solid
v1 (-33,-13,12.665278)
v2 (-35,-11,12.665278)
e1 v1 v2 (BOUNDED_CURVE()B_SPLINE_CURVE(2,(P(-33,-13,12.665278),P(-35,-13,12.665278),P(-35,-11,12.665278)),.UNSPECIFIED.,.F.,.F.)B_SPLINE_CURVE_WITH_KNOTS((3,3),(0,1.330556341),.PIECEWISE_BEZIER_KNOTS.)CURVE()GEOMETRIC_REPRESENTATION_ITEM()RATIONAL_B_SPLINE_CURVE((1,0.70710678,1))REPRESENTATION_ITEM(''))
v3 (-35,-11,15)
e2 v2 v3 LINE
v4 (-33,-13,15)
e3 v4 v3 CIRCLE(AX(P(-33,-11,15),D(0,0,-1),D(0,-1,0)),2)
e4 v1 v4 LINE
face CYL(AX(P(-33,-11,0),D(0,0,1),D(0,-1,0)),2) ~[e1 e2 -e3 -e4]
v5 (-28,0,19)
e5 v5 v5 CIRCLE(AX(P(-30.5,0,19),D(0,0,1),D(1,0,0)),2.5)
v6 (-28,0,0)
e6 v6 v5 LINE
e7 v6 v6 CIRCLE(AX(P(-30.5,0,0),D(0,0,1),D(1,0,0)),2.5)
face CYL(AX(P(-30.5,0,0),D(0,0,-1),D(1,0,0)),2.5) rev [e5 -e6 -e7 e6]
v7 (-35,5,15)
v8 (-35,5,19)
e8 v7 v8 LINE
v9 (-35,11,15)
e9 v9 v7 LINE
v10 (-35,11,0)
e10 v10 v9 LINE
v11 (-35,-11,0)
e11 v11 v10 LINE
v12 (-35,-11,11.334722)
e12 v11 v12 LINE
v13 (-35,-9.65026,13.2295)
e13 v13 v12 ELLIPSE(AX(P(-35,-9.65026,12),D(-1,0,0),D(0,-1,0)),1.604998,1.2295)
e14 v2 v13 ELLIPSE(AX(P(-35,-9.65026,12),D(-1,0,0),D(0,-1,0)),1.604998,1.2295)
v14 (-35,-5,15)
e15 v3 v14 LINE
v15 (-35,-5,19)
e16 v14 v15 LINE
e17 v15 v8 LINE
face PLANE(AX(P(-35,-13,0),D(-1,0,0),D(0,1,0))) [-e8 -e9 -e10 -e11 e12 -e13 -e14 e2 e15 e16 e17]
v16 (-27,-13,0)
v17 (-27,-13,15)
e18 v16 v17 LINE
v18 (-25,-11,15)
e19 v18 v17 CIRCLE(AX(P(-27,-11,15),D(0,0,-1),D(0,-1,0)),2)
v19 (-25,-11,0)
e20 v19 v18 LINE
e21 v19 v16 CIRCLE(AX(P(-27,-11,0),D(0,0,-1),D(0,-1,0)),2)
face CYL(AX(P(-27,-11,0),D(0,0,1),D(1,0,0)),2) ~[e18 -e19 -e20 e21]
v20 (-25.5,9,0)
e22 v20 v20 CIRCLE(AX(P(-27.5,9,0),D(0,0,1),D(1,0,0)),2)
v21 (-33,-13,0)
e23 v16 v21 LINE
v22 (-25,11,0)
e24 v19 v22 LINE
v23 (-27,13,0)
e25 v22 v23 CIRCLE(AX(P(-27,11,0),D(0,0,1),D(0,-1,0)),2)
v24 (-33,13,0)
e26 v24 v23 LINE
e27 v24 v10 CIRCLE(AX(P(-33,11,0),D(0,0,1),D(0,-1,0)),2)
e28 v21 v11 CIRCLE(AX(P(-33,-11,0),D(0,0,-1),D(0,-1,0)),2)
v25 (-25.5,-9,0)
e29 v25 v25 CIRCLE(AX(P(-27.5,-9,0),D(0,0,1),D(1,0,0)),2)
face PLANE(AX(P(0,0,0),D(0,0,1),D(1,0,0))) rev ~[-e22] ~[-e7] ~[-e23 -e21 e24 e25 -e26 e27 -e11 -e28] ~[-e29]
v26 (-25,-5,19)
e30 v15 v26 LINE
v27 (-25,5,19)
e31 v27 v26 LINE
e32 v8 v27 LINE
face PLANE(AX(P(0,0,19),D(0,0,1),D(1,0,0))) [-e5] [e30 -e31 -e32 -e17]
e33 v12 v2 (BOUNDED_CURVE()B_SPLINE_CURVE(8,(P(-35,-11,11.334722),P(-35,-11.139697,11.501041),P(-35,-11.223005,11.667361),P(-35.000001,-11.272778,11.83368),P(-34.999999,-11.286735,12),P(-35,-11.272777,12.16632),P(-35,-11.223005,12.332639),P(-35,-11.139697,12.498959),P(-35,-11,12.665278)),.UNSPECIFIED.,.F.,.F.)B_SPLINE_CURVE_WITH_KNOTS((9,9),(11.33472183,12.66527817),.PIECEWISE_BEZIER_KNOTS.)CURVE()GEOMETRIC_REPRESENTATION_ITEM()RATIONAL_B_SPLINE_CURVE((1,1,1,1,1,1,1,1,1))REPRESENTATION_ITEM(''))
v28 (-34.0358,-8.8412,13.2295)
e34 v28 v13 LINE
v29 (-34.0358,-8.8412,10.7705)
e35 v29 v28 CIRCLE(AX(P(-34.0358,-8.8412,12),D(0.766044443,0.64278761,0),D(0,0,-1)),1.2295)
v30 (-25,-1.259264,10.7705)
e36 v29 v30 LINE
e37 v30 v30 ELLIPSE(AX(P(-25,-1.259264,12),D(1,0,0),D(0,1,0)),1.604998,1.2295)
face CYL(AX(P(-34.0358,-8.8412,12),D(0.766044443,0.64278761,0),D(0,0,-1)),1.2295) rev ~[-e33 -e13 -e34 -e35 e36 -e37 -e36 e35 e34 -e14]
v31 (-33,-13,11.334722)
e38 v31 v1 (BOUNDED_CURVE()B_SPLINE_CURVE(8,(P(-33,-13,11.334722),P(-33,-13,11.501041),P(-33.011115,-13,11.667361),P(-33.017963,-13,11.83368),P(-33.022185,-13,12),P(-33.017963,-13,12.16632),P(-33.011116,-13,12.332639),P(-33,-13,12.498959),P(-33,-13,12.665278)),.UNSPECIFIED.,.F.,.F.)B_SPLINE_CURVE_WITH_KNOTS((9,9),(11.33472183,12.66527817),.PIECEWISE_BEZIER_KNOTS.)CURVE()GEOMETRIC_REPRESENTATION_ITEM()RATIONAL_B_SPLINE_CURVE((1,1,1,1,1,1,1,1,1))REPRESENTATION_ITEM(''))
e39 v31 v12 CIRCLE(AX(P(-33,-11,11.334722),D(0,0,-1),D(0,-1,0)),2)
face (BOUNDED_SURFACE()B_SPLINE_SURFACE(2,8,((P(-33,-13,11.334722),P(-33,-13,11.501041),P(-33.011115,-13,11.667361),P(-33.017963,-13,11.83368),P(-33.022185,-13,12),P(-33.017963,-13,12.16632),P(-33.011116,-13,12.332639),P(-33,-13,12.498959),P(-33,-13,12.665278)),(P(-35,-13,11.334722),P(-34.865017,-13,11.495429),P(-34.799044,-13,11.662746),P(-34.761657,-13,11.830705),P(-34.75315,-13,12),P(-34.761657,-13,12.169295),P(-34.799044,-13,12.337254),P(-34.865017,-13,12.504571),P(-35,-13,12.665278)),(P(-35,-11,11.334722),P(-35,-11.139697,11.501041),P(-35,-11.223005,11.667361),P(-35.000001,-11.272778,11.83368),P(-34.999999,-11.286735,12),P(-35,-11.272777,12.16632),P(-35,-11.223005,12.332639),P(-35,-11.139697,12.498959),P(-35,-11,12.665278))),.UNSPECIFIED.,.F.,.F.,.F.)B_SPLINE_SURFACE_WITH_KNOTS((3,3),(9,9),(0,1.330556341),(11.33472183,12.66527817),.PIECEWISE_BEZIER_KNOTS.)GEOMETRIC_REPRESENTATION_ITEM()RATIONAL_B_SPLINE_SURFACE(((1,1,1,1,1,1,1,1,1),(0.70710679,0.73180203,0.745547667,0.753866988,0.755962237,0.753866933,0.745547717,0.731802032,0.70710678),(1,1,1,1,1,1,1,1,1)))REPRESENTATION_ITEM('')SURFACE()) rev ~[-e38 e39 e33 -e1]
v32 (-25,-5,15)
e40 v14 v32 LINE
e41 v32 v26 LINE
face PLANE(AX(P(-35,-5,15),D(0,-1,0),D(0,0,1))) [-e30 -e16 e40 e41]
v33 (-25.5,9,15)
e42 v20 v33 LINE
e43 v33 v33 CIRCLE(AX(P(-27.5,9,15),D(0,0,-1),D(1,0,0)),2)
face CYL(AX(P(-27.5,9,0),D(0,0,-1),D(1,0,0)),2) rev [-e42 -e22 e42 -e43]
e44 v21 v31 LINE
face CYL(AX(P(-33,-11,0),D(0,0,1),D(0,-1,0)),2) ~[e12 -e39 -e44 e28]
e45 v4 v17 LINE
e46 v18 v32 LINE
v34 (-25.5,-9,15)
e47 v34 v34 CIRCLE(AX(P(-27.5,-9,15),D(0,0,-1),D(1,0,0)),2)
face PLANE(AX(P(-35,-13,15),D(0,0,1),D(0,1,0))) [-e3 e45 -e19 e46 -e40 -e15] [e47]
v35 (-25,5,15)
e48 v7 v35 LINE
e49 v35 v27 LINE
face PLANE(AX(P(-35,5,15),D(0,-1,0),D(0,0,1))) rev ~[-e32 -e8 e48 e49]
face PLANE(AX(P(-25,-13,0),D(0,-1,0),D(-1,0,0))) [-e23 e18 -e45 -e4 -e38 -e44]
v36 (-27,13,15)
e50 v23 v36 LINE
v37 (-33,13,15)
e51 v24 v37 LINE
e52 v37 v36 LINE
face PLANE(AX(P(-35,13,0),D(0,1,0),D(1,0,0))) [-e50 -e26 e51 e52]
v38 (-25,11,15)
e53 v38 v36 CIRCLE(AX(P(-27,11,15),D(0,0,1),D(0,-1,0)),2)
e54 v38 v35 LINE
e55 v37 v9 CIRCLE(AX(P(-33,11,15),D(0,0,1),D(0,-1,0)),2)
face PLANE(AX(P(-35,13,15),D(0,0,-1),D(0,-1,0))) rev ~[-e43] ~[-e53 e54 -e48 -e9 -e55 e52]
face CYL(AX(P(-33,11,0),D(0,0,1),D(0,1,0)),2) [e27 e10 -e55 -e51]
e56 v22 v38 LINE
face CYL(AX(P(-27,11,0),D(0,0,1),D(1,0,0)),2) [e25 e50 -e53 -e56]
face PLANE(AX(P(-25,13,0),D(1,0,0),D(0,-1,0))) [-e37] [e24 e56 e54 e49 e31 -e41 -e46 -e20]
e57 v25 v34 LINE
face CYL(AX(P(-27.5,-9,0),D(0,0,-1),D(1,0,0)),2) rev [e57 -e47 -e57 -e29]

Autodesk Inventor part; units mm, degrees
ref_plane "YZ Plane" through (0, 0, 0) normal (1, 0, 0) x (0, 1, 0)
ref_plane "XZ Plane" through (0, 0, 0) normal (0, 1, 0) x (-1, 0, 0)
ref_plane "Work Plane1" through (0, 0, 0) normal (0, 0, 1) x (1, 0, 0)
sketch "Sketch1" plane through (0, 0, 0) normal (0, 0, 1) x (1, 0, 0)
  circle A0 centre (-27.5, 9) radius 2 projected
  circle A1 centre (-27.5, -9) radius 2 projected
  circle A2 centre (-30.5, 0) radius 2.5 projected
  line L0 (-25, 13) -> (-25, -12.5061)
  line L1 (-35, -13) -> (-35, 13)
  line L2 (-25, -12.5061) -> (-25, -13)
  line L3 (-25, -13) -> (-35, -13)
  line L4 (-35, 13) -> (-25, 13)
  arc A3 (-2.9901, -1.4163) -> (-18.371, -4.3253) centre (-12.371, 6.067) ccw construction
  line L5 (-35, -13) -> (-35, 13) construction
  line L6 (-60.2, 0) -> (60.2, 0) construction
  point P0 (0, 0)
  dimension "d31" = 2.5
  dimension "d37" = 26
ref_plane "Work Plane2" through (-37, -13, 19) normal (0, 0, -1) x (0, 1, 0)
extrude "Extrusion1" add sketch "Sketch1" along normal up to surface (19 mm away)
ref_plane "Work Plane3" through (-0.8627, 0, 12) normal (0, 0, 1) x (1, 0, 0)
sketch "Sketch4" plane through (-0.8627, 0, 12) normal (0, 0, 1) x (1, 0, 0)
  circle A0 centre (-29.6373, 0) radius 2.5 construction
  circle A1 centre (-26.6373, -9) radius 2 construction
  circle A2 centre (-26.6373, 9) radius 2 construction
  line L0 (-34.1373, -13) -> (-24.1373, -13) construction
  line L1 (-24.1373, -13) -> (-24.1373, 13) construction
  line L2 (-24.1373, 13) -> (-34.1373, 13) construction
  line L3 (-34.1373, 13) -> (-34.1373, -13) construction
  line L4 (-24.1373, 13) -> (-24.1373, -13) construction
  line L5 (-24.1373, -3.2174) -> (-34.1373, -11.6084) construction
  line L6 (-34.1373, -13) -> (-34.1373, 13) construction
  line L7 (-24.1373, -1.2593) -> (-34.1373, -9.6503) construction
  line L8 (-24.1373, 0.6988) -> (-34.1373, -7.6922) construction
  line L9 (-23.1842, -0.4595) -> (-35.6373, -10.9089)
  point P0 (0.8627, 0)
  dimension "d7" = 130
  dimension "d8" = 1.5
  dimension "d9" = 1.5
  dimension "d10" = 0.5
  dimension "d13" = 1.5
ref_plane "Work Plane6" through (-35, -7.6922, 12) normal (-0.766, -0.6428, 0) x (0.6428, -0.766, 0)
sketch "Sketch7" plane through (-35, -7.6922, 12) normal (-0.766, -0.6428, 0) x (0.6428, -0.766, 0)
  point P0 (16.605, -12)
  point P1 (1.5, 0)
  point P2 (1.5, 0)
  point P3 (1.5, 0)
hole "Hole1" at (-34.0358, -8.8412, 12) direction (0.766, 0.6428, 0) diameter 2.459 end through all thread size "M3x0.5" class "6H" standard "ISO Metric profile"
hole "Hole2" at (-34.0358, -8.8412, 12) direction (-0.766, -0.6428, 0) diameter 2.459 end through all thread size "M3x0.5" class "6H" standard "ISO Metric profile"
sketch "Sketch9" plane through (-35, -13, 0) normal (-1, 0, 0) x (0, 0, 1)
  line L0 (19, 26) -> (15, 26)
  line L1 (15, 26) -> (15, 18)
  line L2 (15, 18) -> (19, 18)
  line L3 (19, 18) -> (19, 26)
  line L4 (19, 0) -> (15, 0)
  line L5 (15, 0) -> (15, 8)
  line L6 (15, 8) -> (19, 8)
  line L7 (19, 8) -> (19, 0)
  point P0 (0, 13)
  dimension "d32" = 4
  dimension "d33" = 8
extrude "Extrusion2" cut sketch "Sketch9" against normal up to surface (10 mm away)
fillet "Fillet1" radius 2 4 edges at (-25, 13, 7.5) (-35, 13, 7.5) (-35, -13, 7.5) (-25, -13, 7.5)
